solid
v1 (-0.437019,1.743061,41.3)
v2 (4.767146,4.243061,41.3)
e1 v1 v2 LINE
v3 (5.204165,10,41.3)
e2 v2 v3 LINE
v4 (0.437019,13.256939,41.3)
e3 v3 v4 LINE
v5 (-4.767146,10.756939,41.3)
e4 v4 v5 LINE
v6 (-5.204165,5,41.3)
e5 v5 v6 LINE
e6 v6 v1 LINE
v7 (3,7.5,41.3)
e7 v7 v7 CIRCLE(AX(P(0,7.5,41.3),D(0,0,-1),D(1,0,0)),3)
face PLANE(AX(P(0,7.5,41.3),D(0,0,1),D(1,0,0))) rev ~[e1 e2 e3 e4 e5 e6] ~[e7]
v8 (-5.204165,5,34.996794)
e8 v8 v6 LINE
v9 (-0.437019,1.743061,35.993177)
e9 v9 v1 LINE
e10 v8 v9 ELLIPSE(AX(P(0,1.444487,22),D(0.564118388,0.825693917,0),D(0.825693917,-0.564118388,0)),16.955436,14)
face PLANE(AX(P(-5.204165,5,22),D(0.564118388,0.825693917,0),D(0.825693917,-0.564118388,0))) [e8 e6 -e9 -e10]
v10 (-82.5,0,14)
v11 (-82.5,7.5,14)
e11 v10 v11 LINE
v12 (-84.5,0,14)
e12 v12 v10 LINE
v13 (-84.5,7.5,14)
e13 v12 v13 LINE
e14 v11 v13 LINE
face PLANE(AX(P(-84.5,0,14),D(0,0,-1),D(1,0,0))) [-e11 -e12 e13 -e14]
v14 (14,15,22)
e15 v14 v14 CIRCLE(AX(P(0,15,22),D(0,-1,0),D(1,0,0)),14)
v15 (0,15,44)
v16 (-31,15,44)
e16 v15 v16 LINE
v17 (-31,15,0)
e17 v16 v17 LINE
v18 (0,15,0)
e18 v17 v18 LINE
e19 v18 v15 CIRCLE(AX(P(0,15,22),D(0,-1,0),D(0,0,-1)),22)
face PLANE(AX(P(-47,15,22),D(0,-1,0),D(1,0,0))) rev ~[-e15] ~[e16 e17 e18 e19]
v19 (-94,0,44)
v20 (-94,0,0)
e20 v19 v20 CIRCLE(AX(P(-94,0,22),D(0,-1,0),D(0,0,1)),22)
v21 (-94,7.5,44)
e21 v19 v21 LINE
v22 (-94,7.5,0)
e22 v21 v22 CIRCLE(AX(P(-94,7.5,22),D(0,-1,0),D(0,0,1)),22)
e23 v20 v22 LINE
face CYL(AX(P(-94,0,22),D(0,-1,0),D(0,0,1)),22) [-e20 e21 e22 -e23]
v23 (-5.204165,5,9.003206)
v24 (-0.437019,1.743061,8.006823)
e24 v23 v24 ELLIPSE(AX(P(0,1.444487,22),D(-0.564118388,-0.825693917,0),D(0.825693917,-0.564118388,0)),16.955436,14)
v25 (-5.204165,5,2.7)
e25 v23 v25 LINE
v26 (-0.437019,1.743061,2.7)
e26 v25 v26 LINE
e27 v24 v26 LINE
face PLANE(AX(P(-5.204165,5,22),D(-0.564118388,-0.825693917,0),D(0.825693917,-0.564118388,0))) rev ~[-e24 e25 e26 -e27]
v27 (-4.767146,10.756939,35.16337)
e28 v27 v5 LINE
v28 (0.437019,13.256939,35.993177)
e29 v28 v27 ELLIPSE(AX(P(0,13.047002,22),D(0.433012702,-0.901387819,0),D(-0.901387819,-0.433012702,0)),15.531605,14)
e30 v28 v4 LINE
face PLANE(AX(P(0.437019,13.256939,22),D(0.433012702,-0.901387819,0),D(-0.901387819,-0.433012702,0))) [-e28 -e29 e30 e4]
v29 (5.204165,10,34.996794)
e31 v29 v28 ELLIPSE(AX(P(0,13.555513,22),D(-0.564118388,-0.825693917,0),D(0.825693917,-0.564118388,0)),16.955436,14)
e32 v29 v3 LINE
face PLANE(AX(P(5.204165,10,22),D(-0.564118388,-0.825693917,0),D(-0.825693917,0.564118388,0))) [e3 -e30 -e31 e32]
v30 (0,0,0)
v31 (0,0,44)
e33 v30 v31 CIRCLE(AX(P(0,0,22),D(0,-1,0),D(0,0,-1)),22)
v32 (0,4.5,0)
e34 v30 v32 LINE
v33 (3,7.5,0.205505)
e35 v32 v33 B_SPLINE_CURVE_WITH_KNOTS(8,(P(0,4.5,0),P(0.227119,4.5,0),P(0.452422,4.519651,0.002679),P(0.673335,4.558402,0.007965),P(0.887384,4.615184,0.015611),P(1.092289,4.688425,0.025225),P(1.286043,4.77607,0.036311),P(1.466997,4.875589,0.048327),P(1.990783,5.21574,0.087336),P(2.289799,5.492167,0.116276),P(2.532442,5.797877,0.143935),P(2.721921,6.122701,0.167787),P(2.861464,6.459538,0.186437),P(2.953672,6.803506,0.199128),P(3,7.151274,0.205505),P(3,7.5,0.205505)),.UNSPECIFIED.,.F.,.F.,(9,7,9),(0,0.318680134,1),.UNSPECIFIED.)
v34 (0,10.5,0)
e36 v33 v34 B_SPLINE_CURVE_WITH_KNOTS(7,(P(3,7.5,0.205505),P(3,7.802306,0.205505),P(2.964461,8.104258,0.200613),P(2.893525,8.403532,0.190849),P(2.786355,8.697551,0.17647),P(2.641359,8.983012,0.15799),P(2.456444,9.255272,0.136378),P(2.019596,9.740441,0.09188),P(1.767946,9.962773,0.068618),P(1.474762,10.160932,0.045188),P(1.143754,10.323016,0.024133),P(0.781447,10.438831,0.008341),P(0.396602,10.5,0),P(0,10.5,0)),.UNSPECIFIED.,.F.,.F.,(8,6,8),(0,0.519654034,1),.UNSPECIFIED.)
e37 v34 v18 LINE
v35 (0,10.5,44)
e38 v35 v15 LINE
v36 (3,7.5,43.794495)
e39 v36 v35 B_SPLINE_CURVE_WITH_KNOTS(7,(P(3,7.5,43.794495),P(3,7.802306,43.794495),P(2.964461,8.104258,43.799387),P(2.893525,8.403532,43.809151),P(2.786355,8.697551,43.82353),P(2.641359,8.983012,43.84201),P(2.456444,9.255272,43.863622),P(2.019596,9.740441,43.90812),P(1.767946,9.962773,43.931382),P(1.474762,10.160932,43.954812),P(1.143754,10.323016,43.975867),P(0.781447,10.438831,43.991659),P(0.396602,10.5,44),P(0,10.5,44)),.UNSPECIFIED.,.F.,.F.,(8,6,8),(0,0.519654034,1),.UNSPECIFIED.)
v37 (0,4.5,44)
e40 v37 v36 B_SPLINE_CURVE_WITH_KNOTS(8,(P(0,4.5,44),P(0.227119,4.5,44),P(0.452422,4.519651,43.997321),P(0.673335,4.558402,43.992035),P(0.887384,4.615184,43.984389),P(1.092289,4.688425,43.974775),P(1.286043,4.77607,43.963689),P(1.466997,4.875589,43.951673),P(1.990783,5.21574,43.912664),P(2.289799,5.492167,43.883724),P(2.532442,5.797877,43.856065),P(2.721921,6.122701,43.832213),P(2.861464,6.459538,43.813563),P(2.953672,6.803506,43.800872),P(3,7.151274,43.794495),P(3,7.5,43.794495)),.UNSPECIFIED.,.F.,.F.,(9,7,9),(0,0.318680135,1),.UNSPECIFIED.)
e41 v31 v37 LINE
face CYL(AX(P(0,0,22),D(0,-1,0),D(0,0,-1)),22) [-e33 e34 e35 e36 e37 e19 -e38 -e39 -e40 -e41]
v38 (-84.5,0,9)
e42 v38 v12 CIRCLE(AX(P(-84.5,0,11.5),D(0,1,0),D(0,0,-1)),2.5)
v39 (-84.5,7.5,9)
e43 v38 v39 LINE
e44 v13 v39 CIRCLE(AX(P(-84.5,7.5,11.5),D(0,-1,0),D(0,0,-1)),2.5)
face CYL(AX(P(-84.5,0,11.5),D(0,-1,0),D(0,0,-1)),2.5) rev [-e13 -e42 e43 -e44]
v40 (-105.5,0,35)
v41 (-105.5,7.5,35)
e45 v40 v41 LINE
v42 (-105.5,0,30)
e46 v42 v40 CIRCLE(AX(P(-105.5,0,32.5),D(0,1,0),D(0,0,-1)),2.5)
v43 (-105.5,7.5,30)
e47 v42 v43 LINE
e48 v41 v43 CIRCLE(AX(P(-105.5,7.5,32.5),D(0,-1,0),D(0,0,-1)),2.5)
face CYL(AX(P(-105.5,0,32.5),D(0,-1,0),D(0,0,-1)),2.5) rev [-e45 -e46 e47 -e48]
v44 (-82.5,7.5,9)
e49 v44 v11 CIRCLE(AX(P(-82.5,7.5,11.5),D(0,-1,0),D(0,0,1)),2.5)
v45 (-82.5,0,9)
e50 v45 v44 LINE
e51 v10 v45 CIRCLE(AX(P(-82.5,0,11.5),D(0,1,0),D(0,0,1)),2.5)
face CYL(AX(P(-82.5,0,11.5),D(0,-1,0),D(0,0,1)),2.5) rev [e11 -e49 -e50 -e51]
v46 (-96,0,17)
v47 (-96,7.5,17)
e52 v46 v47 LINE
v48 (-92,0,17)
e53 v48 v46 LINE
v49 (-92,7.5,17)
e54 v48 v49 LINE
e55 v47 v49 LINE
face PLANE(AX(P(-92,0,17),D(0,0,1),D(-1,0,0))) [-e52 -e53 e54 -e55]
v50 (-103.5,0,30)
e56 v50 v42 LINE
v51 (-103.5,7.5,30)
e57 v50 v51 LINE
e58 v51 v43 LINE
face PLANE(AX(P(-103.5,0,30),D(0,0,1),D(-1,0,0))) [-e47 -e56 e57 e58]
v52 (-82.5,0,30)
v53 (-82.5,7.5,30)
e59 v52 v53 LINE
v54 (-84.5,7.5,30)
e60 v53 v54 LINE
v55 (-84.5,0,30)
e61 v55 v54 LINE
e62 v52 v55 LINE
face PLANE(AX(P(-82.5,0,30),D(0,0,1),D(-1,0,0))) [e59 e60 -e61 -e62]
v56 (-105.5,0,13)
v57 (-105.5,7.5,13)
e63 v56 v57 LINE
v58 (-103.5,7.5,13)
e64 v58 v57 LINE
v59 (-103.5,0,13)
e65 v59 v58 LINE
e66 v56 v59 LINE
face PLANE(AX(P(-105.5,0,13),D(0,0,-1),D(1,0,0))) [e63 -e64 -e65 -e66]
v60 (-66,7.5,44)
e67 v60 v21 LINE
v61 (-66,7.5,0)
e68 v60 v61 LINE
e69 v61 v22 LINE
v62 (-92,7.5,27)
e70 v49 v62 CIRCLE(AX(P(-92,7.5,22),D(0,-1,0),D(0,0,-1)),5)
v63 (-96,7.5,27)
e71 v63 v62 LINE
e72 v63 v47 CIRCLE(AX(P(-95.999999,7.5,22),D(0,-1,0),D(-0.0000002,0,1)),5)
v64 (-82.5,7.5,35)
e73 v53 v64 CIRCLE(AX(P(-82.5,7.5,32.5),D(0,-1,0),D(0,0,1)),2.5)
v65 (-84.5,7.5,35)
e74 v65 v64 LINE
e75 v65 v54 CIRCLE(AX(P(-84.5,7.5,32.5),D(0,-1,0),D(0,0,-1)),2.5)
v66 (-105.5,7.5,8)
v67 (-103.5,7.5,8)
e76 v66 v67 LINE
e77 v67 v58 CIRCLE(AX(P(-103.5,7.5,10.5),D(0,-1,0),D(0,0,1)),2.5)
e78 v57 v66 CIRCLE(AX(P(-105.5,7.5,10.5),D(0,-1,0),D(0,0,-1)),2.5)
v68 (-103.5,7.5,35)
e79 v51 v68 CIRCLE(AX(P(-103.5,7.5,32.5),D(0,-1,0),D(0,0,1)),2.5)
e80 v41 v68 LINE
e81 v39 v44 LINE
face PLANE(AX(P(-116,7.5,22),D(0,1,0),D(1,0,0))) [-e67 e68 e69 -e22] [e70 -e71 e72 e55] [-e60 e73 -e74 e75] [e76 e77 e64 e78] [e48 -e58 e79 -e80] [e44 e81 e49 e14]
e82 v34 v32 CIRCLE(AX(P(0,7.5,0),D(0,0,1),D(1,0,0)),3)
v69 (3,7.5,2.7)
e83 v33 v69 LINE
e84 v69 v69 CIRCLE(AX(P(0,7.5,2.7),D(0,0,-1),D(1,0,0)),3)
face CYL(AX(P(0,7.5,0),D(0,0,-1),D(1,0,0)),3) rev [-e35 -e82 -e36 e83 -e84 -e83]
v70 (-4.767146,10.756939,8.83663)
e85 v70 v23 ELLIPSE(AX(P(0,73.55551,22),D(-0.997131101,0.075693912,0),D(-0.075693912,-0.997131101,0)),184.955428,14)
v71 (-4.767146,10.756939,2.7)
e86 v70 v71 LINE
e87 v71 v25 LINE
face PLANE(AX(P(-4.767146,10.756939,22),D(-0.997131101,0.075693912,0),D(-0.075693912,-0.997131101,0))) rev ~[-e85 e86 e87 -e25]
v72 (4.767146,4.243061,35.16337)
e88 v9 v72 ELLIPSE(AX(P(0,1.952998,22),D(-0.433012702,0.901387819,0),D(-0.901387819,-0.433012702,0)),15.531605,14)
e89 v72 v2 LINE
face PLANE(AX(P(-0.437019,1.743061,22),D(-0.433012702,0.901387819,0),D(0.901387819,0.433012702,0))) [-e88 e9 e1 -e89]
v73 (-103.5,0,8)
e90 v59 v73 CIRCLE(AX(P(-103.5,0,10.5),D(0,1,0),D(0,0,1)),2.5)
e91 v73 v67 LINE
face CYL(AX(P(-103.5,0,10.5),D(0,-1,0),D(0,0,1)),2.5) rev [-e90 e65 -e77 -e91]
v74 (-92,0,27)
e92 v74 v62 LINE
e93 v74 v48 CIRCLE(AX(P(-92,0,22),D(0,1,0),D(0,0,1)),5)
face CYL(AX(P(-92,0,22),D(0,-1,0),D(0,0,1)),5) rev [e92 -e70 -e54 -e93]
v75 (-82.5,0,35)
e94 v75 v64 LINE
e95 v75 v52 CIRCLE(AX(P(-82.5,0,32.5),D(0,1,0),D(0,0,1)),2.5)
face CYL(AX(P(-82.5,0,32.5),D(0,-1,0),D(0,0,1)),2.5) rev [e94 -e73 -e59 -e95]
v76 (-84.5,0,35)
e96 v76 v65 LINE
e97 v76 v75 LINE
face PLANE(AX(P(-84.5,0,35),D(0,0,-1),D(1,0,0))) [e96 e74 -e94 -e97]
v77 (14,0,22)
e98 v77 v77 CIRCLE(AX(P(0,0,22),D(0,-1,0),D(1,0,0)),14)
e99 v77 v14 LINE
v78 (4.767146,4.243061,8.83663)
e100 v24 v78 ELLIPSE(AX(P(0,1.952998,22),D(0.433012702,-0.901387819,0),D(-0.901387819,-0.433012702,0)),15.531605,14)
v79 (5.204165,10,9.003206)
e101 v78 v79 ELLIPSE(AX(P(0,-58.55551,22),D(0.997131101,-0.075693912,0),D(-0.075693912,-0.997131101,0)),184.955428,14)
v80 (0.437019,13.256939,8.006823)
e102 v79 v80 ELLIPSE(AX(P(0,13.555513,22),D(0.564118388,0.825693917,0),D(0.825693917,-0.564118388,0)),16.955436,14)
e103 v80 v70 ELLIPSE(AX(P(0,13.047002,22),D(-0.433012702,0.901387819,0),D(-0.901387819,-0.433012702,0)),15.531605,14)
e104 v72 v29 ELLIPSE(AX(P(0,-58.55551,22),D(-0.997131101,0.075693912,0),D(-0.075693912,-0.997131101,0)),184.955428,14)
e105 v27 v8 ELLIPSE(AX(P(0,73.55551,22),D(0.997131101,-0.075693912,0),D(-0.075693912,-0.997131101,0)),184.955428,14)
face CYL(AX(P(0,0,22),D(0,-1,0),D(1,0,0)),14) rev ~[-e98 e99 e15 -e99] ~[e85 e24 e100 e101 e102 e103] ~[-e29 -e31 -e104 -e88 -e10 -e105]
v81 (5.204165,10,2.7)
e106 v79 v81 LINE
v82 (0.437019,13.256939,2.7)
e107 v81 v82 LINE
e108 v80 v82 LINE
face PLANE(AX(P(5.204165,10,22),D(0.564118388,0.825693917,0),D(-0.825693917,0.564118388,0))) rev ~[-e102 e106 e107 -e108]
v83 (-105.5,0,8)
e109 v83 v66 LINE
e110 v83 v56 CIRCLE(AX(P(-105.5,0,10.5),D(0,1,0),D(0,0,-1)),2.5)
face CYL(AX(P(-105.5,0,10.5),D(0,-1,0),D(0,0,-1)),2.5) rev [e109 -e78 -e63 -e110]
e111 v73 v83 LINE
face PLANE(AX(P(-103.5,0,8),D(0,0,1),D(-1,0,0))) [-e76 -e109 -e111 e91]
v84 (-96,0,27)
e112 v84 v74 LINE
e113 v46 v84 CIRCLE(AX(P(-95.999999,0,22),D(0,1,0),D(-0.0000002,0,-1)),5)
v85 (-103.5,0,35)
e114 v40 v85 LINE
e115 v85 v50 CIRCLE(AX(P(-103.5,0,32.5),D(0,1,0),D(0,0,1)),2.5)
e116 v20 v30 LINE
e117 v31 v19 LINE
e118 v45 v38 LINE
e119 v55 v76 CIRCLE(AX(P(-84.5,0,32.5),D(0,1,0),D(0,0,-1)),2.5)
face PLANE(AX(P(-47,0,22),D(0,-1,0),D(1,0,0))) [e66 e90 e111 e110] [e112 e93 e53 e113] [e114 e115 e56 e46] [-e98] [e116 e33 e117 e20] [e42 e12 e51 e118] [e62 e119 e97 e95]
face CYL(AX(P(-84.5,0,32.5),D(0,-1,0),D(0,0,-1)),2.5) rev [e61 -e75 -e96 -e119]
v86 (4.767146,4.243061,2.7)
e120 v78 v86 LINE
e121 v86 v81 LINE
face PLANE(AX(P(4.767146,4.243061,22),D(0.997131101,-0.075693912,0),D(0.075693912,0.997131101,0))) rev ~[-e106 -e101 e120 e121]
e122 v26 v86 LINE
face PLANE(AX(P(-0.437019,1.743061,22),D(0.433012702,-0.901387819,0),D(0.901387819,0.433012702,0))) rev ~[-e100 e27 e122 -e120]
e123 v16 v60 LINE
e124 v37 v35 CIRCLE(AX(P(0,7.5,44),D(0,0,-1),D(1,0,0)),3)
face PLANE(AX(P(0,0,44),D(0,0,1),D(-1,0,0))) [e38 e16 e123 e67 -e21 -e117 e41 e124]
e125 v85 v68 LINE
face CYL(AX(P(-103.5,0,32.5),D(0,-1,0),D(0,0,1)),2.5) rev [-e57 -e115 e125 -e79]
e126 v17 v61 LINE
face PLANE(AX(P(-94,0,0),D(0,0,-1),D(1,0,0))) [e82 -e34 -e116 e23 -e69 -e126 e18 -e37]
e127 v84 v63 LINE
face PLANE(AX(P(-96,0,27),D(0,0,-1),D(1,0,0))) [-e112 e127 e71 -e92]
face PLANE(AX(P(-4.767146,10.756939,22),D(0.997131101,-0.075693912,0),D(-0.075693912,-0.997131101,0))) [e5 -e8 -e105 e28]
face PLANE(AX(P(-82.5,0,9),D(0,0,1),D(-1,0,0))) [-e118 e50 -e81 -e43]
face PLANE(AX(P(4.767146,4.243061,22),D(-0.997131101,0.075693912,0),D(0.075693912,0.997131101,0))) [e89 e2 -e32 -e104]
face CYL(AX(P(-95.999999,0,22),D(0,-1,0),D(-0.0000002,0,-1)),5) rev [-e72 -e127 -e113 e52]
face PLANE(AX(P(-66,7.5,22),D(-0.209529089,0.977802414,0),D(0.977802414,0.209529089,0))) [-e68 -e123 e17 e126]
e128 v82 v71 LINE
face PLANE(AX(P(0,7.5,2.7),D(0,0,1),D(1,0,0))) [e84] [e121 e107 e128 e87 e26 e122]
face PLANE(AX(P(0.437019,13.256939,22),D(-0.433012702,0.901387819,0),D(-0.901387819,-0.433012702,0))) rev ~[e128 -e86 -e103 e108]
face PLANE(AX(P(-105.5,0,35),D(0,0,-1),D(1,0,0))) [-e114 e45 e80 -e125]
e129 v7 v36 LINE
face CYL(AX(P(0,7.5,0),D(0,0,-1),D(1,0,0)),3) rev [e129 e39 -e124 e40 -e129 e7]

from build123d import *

# Parameters (mm, degrees)
F0_R      = 14
F1_DEPTH  = 15
F2_R      = 3
F3_DEPTH  = 50
F6_DEPTH  = 19.3
F7_DEPTH  = 19.3
F9_DEPTH  = 25
F10_DEPTH = 25


with BuildPart() as f1:
    # F0 (on Front) → F1 (new body)
    with BuildSketch(Plane.XZ):
        with BuildLine():
            Line((0, 44), (-94, 44))
            ThreePointArc((-94, 44), (-116, 22), (-94, 0))
            Line((-94, 0), (0, 0))
            ThreePointArc((0, 0), (22, 22), (0, 44))
        make_face()
        with BuildLine():
            Line((-105.5, 13), (-103.5, 13))
            ThreePointArc((-103.5, 13), (-101, 10.5), (-103.5, 8))
            Line((-103.5, 8), (-105.5, 8))
            ThreePointArc((-105.5, 8), (-108, 10.5), (-105.5, 13))
        make_face(mode=Mode.SUBTRACT)
        with BuildLine():
            Line((-84.5, 14), (-82.5, 14))
            ThreePointArc((-82.5, 14), (-80, 11.5), (-82.5, 9))
            Line((-82.5, 9), (-84.5, 9))
            ThreePointArc((-84.5, 9), (-87, 11.5), (-84.5, 14))
        make_face(mode=Mode.SUBTRACT)
        with BuildLine():
            Line((-96, 27), (-92, 27))
            ThreePointArc((-92, 27), (-87, 22), (-92, 17))
            Line((-92, 17), (-96, 17))
            ThreePointArc((-96, 17), (-100.999999, 22), (-96, 27))
        make_face(mode=Mode.SUBTRACT)
        with BuildLine():
            Line((-105.5, 35), (-103.5, 35))
            ThreePointArc((-103.5, 35), (-101, 32.5), (-103.5, 30))
            Line((-103.5, 30), (-105.5, 30))
            ThreePointArc((-105.5, 30), (-108, 32.5), (-105.5, 35))
        make_face(mode=Mode.SUBTRACT)
        with BuildLine():
            Line((-84.5, 35), (-82.5, 35))
            ThreePointArc((-82.5, 35), (-80, 32.5), (-82.5, 30))
            Line((-82.5, 30), (-84.5, 30))
            ThreePointArc((-84.5, 30), (-87, 32.5), (-84.5, 35))
        make_face(mode=Mode.SUBTRACT)
        with Locations((0, 22)):
            Circle(F0_R, mode=Mode.SUBTRACT)
    extrude(amount=-F1_DEPTH)

    # F2 (on Top) → F3 (cut)
    with BuildSketch(Plane.XY):
        with Locations((0, 7.5)):
            Circle(F2_R)
    extrude(amount=F3_DEPTH, mode=Mode.SUBTRACT)

    # F5 (on offset) → F6 (cut)
    with BuildSketch(Plane.XY.offset(22)):
        Polygon((4.767146, 4.243061), (5.204165, 10), (0.437019, 13.256939), (-4.767146, 10.756939), (-5.204165, 5), (-0.437019, 1.743061), align=None)
    extrude(amount=F6_DEPTH, mode=Mode.SUBTRACT)

    # F5 (on offset) → F7 (cut)
    with BuildSketch(Plane.XY.offset(22)):
        Polygon((4.767146, 4.243061), (5.204165, 10), (0.437019, 13.256939), (-4.767146, 10.756939), (-5.204165, 5), (-0.437019, 1.743061), align=None)
    extrude(amount=-F7_DEPTH, mode=Mode.SUBTRACT)

    # F8 (on offset) → F9 (cut)
    with BuildSketch(Plane.XY.offset(22)):
        Polygon((-116, 15), (-116, 7.5), (-66, 7.5), (-31, 15), align=None)
    extrude(amount=-F9_DEPTH, mode=Mode.SUBTRACT)

    # F8 (on offset) → F10 (cut)
    with BuildSketch(Plane.XY.offset(22)):
        Polygon((-116, 15), (-116, 7.5), (-66, 7.5), (-31, 15), align=None)
    extrude(amount=F10_DEPTH, mode=Mode.SUBTRACT)


solid = f1.part
